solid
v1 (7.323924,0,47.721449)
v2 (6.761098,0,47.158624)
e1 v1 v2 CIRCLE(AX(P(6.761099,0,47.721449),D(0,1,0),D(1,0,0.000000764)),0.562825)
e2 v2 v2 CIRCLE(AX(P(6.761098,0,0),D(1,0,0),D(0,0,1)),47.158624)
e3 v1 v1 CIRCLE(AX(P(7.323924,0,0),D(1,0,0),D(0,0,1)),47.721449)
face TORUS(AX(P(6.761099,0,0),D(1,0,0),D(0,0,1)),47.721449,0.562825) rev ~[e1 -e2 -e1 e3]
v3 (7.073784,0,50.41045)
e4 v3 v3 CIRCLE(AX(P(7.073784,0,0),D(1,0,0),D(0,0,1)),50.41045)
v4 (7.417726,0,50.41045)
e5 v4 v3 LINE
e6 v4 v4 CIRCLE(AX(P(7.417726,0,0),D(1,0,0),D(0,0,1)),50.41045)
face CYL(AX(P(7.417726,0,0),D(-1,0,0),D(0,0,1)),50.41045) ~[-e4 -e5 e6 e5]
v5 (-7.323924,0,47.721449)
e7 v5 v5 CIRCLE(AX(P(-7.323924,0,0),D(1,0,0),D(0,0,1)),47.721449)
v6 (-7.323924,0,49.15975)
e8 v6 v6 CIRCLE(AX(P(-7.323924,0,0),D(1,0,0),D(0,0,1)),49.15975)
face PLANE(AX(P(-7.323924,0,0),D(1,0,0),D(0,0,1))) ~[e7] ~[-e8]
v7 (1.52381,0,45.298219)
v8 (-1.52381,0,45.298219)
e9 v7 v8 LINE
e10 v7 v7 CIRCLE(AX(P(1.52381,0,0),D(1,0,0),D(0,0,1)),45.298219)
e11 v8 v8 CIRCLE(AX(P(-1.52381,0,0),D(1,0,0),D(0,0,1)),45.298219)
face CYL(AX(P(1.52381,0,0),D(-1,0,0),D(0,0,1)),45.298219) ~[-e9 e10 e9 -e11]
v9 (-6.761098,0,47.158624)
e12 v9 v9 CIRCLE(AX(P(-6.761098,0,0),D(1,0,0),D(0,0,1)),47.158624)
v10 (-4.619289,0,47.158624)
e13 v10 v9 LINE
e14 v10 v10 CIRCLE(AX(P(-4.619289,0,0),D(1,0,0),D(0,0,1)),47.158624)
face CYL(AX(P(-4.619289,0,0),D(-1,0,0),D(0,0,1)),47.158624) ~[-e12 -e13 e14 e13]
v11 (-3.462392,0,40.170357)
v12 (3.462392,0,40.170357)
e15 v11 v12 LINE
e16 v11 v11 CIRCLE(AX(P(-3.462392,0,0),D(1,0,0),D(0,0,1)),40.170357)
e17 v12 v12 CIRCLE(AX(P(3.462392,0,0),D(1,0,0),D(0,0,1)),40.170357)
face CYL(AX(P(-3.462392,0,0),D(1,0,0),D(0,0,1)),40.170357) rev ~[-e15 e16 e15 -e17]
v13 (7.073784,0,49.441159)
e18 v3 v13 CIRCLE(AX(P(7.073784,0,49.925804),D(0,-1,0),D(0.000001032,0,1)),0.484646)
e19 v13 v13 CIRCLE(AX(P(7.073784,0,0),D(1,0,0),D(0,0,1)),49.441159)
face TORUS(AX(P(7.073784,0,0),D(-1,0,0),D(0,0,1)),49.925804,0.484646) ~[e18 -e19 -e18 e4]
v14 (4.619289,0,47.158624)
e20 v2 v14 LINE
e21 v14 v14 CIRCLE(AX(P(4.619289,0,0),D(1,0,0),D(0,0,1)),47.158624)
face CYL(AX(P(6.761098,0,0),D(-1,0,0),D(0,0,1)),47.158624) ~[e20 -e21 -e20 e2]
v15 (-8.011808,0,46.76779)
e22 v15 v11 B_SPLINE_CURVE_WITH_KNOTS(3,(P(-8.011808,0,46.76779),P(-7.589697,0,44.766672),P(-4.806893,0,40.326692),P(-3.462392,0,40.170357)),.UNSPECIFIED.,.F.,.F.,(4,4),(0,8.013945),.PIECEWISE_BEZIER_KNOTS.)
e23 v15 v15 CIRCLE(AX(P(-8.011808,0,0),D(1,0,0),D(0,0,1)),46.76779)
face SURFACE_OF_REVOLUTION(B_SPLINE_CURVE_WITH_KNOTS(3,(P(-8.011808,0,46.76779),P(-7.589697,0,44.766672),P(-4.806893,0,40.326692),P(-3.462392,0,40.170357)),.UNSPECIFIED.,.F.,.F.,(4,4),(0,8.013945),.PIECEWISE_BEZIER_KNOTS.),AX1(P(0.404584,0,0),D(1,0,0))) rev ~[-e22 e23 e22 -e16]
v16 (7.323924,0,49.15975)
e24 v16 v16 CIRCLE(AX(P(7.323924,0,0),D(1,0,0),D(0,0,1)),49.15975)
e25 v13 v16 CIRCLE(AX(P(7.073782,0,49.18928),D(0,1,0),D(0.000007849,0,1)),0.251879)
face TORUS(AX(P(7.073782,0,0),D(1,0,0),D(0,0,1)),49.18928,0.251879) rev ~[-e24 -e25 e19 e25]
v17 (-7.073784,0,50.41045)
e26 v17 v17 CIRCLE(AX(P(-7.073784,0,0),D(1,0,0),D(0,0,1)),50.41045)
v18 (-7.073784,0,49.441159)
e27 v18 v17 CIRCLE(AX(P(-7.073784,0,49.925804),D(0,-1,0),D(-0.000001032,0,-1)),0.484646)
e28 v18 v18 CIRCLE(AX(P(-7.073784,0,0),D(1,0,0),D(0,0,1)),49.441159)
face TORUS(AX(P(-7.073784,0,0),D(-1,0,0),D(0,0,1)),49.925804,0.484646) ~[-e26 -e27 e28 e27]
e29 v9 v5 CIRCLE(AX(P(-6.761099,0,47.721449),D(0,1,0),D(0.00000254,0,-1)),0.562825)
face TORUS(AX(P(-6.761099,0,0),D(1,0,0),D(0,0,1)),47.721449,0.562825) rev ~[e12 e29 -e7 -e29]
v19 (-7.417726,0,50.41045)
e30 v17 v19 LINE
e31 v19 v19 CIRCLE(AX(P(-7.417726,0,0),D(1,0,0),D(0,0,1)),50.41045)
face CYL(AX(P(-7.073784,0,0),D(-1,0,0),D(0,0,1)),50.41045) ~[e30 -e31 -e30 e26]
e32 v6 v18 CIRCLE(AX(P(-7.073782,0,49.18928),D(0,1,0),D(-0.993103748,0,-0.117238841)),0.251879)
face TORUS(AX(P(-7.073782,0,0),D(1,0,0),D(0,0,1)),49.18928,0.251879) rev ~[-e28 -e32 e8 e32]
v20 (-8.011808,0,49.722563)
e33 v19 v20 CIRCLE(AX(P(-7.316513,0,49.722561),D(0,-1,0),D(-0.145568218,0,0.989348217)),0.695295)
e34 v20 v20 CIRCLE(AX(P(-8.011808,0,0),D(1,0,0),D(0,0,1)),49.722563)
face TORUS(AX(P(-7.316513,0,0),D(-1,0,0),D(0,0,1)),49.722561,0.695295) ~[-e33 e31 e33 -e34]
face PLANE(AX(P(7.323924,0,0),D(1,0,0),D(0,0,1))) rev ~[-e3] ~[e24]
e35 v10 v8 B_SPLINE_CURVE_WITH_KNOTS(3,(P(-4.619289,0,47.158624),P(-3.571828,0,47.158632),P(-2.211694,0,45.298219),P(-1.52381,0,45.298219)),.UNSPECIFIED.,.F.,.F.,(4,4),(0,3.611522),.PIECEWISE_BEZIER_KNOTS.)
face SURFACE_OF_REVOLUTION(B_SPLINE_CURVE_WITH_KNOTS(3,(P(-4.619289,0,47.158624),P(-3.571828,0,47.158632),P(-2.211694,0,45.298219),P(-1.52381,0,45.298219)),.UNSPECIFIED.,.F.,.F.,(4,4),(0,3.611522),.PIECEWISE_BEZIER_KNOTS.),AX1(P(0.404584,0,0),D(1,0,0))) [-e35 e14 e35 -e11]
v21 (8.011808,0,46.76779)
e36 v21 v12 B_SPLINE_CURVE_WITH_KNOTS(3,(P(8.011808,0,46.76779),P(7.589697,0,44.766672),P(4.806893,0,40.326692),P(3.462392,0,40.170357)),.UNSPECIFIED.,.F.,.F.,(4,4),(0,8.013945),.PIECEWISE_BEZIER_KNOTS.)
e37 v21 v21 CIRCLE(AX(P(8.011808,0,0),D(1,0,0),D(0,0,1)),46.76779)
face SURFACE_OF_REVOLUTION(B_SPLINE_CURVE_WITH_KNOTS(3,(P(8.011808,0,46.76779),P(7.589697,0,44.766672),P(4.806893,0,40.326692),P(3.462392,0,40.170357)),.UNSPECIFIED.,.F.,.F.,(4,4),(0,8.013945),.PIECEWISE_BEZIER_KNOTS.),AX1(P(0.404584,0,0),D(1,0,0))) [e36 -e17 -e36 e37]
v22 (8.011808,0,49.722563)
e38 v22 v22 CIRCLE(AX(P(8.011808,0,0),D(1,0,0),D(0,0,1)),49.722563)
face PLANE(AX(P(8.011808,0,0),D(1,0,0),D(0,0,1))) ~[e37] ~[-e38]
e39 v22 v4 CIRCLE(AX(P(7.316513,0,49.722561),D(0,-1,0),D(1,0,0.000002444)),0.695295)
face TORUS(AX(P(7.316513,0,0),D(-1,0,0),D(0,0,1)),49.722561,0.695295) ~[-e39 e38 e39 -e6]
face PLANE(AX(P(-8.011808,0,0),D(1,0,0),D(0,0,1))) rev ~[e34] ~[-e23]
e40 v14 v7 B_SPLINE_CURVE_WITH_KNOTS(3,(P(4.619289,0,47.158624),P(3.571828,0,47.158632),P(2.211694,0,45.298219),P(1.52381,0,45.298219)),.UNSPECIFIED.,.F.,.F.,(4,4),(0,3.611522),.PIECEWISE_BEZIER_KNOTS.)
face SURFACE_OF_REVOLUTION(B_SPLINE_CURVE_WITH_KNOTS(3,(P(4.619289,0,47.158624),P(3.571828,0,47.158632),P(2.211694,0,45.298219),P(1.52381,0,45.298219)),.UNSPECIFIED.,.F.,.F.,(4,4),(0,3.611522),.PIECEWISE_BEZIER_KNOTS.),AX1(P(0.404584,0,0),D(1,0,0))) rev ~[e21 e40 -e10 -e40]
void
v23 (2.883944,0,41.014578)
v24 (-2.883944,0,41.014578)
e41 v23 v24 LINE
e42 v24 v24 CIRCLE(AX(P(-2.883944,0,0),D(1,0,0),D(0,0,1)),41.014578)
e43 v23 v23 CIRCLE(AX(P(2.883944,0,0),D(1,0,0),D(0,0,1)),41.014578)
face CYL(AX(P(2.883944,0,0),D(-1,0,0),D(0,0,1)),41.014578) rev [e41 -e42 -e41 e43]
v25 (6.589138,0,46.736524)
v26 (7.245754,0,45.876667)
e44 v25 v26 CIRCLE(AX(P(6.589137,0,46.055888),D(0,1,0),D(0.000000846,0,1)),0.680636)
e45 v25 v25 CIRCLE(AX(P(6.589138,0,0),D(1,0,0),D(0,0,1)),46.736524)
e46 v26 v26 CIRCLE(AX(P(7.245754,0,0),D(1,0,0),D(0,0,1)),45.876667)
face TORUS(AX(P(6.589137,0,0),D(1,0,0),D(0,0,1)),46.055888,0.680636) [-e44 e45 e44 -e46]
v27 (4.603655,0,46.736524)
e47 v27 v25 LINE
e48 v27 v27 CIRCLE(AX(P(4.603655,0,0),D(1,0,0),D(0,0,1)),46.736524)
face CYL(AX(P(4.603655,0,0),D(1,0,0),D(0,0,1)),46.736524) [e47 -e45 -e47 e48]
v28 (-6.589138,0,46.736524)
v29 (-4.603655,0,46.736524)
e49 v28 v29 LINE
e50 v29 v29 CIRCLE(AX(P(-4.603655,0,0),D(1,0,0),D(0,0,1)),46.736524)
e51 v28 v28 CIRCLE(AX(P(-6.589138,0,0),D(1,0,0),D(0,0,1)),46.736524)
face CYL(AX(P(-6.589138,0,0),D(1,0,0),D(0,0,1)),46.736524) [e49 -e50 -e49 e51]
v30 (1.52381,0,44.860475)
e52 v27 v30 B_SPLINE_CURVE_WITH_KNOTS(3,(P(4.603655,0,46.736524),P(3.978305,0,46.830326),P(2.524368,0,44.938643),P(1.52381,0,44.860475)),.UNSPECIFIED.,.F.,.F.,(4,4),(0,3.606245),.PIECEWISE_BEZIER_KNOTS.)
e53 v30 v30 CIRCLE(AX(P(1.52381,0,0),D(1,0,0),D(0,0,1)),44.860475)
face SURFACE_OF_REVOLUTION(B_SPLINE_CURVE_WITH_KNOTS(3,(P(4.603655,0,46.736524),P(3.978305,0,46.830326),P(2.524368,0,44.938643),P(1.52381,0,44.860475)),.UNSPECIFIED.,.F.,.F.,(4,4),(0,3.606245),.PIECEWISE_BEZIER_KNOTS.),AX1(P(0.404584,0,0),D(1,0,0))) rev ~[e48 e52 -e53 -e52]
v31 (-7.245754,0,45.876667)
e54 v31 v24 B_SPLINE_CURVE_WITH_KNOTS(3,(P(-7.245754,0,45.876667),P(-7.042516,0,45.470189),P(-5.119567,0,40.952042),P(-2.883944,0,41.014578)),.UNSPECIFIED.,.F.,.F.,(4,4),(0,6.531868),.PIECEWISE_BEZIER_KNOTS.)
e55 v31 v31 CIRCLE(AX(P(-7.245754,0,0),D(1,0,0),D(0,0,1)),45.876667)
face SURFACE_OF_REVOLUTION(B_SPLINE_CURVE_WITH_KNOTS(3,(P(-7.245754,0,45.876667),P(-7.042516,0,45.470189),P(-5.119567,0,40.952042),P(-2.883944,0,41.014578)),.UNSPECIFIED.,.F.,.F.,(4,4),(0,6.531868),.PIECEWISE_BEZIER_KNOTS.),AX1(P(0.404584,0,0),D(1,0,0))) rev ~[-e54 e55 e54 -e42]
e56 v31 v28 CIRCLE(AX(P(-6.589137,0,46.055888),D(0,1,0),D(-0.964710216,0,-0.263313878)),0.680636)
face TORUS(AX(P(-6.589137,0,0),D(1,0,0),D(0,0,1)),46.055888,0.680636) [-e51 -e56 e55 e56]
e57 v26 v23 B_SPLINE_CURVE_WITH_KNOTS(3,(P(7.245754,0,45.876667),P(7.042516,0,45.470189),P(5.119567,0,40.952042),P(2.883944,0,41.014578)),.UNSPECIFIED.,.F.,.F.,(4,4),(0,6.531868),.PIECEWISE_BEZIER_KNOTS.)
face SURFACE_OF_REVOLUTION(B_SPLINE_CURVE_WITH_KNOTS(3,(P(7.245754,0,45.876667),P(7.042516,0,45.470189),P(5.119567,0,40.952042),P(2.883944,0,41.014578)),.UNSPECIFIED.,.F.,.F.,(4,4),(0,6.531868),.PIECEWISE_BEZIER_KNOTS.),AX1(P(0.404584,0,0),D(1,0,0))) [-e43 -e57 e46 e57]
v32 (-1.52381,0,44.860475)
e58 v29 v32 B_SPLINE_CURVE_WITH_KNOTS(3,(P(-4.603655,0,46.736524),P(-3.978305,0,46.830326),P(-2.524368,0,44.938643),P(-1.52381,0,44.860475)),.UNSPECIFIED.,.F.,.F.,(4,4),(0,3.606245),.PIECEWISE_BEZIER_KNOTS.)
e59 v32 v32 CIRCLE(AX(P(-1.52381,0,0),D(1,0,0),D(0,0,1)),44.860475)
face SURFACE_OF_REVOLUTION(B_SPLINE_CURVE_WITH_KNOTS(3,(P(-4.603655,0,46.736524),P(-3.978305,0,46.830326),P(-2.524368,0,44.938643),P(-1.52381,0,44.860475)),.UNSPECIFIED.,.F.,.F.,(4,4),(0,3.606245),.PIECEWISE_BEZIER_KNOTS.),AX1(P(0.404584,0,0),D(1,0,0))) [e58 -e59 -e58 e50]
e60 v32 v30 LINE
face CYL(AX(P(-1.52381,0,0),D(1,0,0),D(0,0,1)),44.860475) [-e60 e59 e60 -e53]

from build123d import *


with BuildPart() as f1:
    # F0 (on Front) → F1 (revolve)
    with BuildSketch(Plane.XZ):
        with BuildLine():
            Line((-8.011808, 49.722563), (-8.011808, 46.76779))
            add(Edge.make_bspline(
                [(-8.011808, 46.76779), (-7.589697, 44.766672), (-4.806893, 40.326692), (-3.462392, 40.170357)],
                knots=[0, 0, 0, 0, 8.013945, 8.013945, 8.013945, 8.013945], degree=3))
            Line((-3.462392, 40.170357), (0, 40.170357))
            Line((0, 40.170357), (3.462392, 40.170357))
            add(Edge.make_bspline(
                [(8.011808, 46.76779), (7.589697, 44.766672), (4.806893, 40.326692), (3.462392, 40.170357)],
                knots=[0, 0, 0, 0, 8.013945, 8.013945, 8.013945, 8.013945], degree=3))
            Line((8.011808, 46.76779), (8.011808, 49.722563))
            ThreePointArc((8.011808, 49.722563), (7.842729, 50.177019), (7.417726, 50.41045))
            Line((7.417726, 50.41045), (7.073784, 50.41045))
            ThreePointArc((7.073784, 50.41045), (6.589138, 49.925804), (7.073784, 49.441159))
            ThreePointArc((7.073784, 49.441159), (7.262039, 49.356619), (7.323924, 49.15975))
            Line((7.323924, 49.15975), (7.323924, 47.721449))
            ThreePointArc((7.323924, 47.721449), (7.159076, 47.323471), (6.761098, 47.158624))
            Line((6.761098, 47.158624), (4.619289, 47.158624))
            add(Edge.make_bspline(
                [(4.619289, 47.158624), (3.571828, 47.158632), (2.211694, 45.298219), (1.52381, 45.298219)],
                knots=[0, 0, 0, 0, 3.611522, 3.611522, 3.611522, 3.611522], degree=3))
            Line((1.52381, 45.298219), (0, 45.298219))
            Line((0, 45.298219), (-1.52381, 45.298219))
            add(Edge.make_bspline(
                [(-4.619289, 47.158624), (-3.571828, 47.158632), (-2.211694, 45.298219), (-1.52381, 45.298219)],
                knots=[0, 0, 0, 0, 3.611522, 3.611522, 3.611522, 3.611522], degree=3))
            Line((-4.619289, 47.158624), (-6.761098, 47.158624))
            ThreePointArc((-6.761098, 47.158624), (-7.159076, 47.323471), (-7.323924, 47.721449))
            Line((-7.323924, 47.721449), (-7.323924, 49.15975))
            ThreePointArc((-7.323924, 49.15975), (-7.262039, 49.356619), (-7.073784, 49.441159))
            ThreePointArc((-7.073784, 49.441159), (-6.589138, 49.925804), (-7.073784, 50.41045))
            Line((-7.073784, 50.41045), (-7.417726, 50.41045))
            ThreePointArc((-7.417726, 50.41045), (-7.842729, 50.177019), (-8.011808, 49.722563))
        make_face()
        with BuildLine():
            add(Edge.make_bspline(
                [(-4.603655, 46.736524), (-3.978305, 46.830326), (-2.524368, 44.938643), (-1.52381, 44.860475)],
                knots=[0, 0, 0, 0, 3.606245, 3.606245, 3.606245, 3.606245], degree=3))
            Line((-1.52381, 44.860475), (0, 44.860475))
            Line((0, 44.860475), (1.52381, 44.860475))
            add(Edge.make_bspline(
                [(4.603655, 46.736524), (3.978305, 46.830326), (2.524368, 44.938643), (1.52381, 44.860475)],
                knots=[0, 0, 0, 0, 3.606245, 3.606245, 3.606245, 3.606245], degree=3))
            Line((4.603655, 46.736524), (6.589138, 46.736524))
            ThreePointArc((6.589138, 46.736524), (7.130086, 46.468974), (7.245754, 45.876667))
            add(Edge.make_bspline(
                [(7.245754, 45.876667), (7.042516, 45.470189), (5.119567, 40.952042), (2.883944, 41.014578)],
                knots=[0, 0, 0, 0, 6.531868, 6.531868, 6.531868, 6.531868], degree=3))
            Line((2.883944, 41.014578), (0, 41.014578))
            Line((0, 41.014578), (-2.883944, 41.014578))
            add(Edge.make_bspline(
                [(-7.245754, 45.876667), (-7.042516, 45.470189), (-5.119567, 40.952042), (-2.883944, 41.014578)],
                knots=[0, 0, 0, 0, 6.531868, 6.531868, 6.531868, 6.531868], degree=3))
            ThreePointArc((-7.245754, 45.876667), (-7.130086, 46.468974), (-6.589138, 46.736524))
            Line((-6.589138, 46.736524), (-4.603655, 46.736524))
        make_face(mode=Mode.SUBTRACT)
    revolve(axis=Axis((0.404584, 0, 0), (1, 0, 0)))


solid = f1.part
